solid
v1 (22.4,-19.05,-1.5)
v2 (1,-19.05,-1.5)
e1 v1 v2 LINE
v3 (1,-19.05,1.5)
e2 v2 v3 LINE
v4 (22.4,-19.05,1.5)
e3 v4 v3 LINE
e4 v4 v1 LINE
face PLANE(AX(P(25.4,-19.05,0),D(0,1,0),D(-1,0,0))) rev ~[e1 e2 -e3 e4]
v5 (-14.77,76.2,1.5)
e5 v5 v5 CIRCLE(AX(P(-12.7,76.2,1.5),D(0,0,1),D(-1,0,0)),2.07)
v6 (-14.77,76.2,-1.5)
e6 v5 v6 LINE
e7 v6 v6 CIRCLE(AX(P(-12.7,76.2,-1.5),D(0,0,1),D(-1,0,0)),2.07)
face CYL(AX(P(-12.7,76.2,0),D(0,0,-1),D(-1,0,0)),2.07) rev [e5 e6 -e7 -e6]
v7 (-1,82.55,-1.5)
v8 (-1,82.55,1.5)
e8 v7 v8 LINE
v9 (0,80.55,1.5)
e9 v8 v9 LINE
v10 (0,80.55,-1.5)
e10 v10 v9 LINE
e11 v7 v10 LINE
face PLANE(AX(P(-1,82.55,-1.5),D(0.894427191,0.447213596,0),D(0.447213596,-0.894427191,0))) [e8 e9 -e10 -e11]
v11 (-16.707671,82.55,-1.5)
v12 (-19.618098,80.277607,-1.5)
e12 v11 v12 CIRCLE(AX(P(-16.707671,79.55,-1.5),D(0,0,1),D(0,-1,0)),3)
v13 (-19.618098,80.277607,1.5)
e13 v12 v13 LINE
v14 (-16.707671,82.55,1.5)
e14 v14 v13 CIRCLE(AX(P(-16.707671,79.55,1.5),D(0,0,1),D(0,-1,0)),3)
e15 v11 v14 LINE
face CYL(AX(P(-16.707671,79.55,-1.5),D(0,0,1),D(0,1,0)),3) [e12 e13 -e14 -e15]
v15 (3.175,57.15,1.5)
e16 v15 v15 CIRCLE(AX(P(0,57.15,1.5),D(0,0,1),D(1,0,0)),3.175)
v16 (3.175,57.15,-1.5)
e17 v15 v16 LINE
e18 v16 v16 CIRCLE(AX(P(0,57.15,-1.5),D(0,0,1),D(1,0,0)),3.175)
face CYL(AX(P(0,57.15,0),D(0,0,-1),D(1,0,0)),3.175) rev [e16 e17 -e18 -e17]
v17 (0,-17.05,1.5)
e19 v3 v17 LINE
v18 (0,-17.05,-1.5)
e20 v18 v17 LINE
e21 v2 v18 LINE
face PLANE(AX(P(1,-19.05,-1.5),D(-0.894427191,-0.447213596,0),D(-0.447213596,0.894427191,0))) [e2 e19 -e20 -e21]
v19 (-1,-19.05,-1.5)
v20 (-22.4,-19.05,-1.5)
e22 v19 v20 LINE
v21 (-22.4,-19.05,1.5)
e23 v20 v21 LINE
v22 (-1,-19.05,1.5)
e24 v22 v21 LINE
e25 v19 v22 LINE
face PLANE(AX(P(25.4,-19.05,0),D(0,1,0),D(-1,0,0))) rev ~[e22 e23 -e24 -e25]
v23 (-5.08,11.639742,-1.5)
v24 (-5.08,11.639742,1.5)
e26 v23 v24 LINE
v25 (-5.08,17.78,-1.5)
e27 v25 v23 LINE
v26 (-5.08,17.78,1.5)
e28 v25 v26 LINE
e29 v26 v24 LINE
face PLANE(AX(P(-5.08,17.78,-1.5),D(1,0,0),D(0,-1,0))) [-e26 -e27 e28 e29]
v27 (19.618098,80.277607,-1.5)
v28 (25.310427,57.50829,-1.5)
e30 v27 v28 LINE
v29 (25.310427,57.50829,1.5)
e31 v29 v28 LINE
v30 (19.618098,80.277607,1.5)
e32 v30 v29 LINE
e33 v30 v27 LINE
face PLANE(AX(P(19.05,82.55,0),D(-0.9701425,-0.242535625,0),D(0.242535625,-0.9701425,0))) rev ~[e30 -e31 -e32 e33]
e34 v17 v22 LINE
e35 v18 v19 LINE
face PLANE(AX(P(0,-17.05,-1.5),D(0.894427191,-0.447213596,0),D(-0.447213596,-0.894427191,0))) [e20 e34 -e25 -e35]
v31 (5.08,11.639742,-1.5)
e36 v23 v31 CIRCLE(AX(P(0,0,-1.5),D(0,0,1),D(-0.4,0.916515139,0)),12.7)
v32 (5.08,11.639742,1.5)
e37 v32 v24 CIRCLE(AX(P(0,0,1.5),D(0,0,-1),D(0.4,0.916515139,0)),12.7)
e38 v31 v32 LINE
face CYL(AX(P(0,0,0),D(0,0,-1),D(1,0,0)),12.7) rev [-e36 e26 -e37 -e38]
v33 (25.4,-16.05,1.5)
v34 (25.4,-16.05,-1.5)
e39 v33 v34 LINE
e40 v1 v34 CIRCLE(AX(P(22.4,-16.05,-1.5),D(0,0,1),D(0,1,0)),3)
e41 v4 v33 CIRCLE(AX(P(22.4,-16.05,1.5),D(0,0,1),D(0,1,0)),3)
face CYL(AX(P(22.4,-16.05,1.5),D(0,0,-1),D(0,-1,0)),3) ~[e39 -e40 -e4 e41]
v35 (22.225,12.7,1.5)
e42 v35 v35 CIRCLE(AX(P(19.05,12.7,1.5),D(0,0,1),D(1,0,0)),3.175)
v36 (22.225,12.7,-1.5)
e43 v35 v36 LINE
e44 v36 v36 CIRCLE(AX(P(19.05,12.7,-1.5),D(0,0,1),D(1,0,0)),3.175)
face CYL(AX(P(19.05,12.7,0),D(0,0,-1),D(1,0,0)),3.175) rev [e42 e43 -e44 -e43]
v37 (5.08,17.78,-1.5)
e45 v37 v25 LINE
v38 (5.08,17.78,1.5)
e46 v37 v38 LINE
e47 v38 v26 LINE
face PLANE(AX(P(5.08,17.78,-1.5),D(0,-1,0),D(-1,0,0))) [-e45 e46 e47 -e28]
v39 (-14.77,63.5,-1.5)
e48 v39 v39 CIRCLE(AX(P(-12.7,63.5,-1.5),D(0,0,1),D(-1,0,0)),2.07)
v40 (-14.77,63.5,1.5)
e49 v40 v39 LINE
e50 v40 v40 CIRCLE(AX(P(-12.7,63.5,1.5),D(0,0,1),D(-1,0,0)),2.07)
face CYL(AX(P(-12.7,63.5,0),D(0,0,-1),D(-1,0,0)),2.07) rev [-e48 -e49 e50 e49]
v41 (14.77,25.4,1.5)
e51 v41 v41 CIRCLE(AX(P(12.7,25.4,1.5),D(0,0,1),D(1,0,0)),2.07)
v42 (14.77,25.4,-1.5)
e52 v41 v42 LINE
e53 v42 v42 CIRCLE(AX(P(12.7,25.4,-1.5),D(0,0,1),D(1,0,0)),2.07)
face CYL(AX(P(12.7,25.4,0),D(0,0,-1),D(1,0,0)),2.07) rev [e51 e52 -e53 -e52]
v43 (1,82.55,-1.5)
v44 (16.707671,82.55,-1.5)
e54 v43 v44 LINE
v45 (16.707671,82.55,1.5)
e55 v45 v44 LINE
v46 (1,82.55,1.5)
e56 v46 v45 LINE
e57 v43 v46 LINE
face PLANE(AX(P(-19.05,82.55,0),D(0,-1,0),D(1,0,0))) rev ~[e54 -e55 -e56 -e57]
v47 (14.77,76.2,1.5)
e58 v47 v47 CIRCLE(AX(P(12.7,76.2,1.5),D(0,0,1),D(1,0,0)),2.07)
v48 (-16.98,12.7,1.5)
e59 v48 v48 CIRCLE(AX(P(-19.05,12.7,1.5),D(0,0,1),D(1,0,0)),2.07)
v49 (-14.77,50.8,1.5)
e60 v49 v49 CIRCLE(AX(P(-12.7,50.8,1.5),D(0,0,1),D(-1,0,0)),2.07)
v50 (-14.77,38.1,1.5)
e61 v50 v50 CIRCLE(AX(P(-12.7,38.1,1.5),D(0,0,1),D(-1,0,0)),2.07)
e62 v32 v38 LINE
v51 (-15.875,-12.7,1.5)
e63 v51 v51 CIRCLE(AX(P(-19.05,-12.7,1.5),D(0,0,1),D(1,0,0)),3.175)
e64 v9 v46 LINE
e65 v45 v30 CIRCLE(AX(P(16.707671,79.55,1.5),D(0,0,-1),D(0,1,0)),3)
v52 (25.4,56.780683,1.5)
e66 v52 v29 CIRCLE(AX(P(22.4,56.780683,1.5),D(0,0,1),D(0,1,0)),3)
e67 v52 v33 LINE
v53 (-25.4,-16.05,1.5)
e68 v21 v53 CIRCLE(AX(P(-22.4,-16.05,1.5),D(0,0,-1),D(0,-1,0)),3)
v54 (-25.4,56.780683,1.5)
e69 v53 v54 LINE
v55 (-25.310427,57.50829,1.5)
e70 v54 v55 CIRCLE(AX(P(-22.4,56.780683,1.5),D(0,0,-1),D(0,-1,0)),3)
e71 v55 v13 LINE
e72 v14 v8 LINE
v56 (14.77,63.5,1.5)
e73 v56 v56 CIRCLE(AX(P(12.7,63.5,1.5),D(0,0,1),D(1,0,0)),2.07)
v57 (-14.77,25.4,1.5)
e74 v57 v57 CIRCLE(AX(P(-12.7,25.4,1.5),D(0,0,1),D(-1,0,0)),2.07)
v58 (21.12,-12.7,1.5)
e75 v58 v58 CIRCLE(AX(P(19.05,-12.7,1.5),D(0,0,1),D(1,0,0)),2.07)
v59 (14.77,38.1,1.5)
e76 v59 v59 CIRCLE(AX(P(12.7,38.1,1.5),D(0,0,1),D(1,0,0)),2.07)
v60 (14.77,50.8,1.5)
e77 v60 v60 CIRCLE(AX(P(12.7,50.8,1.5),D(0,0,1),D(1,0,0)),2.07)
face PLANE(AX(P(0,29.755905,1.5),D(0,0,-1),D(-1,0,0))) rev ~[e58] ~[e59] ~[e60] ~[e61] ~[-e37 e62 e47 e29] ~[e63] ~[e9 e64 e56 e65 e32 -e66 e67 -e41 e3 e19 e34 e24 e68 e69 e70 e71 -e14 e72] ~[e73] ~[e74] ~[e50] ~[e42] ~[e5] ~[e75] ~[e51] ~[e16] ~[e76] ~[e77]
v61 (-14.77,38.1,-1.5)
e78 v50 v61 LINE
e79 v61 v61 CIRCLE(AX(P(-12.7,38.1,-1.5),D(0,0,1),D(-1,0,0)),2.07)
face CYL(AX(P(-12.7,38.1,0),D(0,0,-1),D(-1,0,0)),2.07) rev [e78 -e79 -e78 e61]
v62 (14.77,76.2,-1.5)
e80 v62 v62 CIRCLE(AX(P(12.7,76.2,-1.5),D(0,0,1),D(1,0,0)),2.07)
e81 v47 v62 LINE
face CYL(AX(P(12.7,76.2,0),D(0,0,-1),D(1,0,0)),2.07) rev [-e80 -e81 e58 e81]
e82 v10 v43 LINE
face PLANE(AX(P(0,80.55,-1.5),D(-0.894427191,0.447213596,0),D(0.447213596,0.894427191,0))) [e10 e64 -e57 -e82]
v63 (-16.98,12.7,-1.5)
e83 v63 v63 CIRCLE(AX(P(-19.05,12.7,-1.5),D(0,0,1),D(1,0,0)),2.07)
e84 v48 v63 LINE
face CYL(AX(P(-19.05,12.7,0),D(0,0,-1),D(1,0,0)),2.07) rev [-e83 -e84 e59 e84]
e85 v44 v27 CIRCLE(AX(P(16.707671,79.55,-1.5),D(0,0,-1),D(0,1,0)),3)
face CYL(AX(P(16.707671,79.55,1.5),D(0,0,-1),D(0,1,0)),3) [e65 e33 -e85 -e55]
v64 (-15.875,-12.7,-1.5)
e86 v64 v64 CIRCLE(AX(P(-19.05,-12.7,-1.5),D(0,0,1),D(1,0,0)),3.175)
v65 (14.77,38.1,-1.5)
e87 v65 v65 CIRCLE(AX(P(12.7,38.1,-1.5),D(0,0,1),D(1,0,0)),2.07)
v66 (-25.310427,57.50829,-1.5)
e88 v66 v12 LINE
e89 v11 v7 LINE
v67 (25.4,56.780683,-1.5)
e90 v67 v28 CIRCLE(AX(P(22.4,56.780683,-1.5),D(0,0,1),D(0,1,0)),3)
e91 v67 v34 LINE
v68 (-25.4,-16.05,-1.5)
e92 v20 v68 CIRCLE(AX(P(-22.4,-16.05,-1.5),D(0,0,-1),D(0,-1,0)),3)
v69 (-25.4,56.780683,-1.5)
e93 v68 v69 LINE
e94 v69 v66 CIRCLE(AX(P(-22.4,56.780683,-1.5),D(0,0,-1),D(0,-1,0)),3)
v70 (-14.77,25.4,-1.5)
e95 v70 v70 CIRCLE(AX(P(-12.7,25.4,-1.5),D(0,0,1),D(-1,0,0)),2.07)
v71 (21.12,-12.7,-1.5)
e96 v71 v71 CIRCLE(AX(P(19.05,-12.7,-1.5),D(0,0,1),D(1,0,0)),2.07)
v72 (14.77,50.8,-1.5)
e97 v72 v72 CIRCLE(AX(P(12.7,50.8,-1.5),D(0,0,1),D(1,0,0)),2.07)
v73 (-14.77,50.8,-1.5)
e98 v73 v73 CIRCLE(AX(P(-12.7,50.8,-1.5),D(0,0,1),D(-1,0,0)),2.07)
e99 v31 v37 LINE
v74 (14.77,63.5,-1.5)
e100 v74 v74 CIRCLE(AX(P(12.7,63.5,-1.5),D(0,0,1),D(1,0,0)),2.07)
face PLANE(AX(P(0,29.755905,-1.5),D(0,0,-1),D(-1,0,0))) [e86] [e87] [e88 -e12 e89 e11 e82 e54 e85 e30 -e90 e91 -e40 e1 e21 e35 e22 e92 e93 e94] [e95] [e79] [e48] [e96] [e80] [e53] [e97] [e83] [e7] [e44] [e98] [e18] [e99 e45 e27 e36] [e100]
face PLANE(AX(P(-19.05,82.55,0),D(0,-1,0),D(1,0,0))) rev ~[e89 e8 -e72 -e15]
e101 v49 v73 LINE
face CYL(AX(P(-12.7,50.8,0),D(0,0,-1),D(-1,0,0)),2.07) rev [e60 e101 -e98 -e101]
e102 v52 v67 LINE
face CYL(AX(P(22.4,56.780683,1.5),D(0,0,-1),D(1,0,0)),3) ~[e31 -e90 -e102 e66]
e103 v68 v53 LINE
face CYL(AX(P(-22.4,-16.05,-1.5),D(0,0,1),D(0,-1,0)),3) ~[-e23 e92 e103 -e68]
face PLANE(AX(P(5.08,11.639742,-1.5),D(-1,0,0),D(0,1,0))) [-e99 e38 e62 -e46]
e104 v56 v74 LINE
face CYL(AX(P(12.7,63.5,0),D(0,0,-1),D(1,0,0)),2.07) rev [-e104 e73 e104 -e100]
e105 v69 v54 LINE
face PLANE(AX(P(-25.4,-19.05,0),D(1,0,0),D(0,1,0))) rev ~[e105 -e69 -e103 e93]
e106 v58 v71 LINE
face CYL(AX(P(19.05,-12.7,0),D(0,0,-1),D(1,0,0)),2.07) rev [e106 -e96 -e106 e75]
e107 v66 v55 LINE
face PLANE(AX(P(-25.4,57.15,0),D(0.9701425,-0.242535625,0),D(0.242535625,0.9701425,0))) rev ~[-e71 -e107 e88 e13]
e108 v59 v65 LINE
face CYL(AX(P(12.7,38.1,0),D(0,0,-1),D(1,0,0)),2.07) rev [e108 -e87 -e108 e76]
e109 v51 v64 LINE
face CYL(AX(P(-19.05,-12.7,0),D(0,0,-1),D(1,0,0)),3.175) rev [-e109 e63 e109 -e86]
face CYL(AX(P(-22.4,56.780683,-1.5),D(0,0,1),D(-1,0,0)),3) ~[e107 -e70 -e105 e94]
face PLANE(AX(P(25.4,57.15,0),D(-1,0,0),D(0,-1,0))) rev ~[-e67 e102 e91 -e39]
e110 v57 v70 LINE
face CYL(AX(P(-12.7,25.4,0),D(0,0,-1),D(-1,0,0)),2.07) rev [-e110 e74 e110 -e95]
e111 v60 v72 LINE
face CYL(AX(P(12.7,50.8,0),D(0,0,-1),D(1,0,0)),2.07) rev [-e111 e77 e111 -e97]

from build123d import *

# Parameters (mm, degrees)
SKETCH1_R           = 12.7
SKETCH1_R_2         = 3.175
SKETCH1_R_3         = 2.07
BOSS_EXTRUDE1_DEPTH = 1.5
FILLET1_R           = 3.000000096
CUT_EXTRUDE1_START  = -3
CUT_EXTRUDE1_DEPTH  = 3


with BuildPart() as part:
    # Sketch1 → Boss-Extrude1 (new, symmetric)
    with BuildSketch(Plane.XY):
        Polygon((-19.05, 82.55), (19.05, 82.55), (25.4, 57.15), (25.4, -19.05), (-25.4, -19.05), (-25.4, 57.15), align=None)
        Circle(SKETCH1_R, mode=Mode.SUBTRACT)
        with Locations((-19.05, -12.7)):
            Circle(SKETCH1_R_2, mode=Mode.SUBTRACT)
        with Locations((19.05, 12.7)):
            Circle(SKETCH1_R_2, mode=Mode.SUBTRACT)
        with Locations((-19.05, 12.7)):
            Circle(SKETCH1_R_3, mode=Mode.SUBTRACT)
        with Locations((19.05, -12.7)):
            Circle(SKETCH1_R_3, mode=Mode.SUBTRACT)
        with Locations((0, 57.15)):
            Circle(SKETCH1_R_2, mode=Mode.SUBTRACT)
        with Locations((12.7, 25.4)):
            Circle(SKETCH1_R_3, mode=Mode.SUBTRACT)
        with Locations((12.7, 38.1)):
            Circle(SKETCH1_R_3, mode=Mode.SUBTRACT)
        with Locations((12.7, 50.8)):
            Circle(SKETCH1_R_3, mode=Mode.SUBTRACT)
        with Locations((12.7, 63.5)):
            Circle(SKETCH1_R_3, mode=Mode.SUBTRACT)
        with Locations((12.7, 76.2)):
            Circle(SKETCH1_R_3, mode=Mode.SUBTRACT)
        with Locations(Location((-12.7, 25.4, 0), (0, 0, 180))):
            Circle(SKETCH1_R_3, mode=Mode.SUBTRACT)
        with Locations(Location((-12.7, 38.1, 0), (0, 0, 180))):
            Circle(SKETCH1_R_3, mode=Mode.SUBTRACT)
        with Locations(Location((-12.7, 50.8, 0), (0, 0, 180))):
            Circle(SKETCH1_R_3, mode=Mode.SUBTRACT)
        with Locations(Location((-12.7, 63.5, 0), (0, 0, 180))):
            Circle(SKETCH1_R_3, mode=Mode.SUBTRACT)
        with Locations(Location((-12.7, 76.2, 0), (0, 0, 180))):
            Circle(SKETCH1_R_3, mode=Mode.SUBTRACT)
    extrude(amount=BOSS_EXTRUDE1_DEPTH, both=True)

    # Fillet1
    fillet1_edges = [part.edges().sort_by_distance(p)[0] for p in [
        (-19.05, 82.55, 0),
        (19.05, 82.55, 0),
        (25.4, 57.15, 0),
        (25.4, -19.05, 0),
        (-25.4, -19.05, 0),
        (-25.4, 57.15, 0),
    ]]
    fillet(fillet1_edges, radius=FILLET1_R)

    # Sketch2 → Cut-Extrude1 (cut)
    with BuildSketch(Plane.XY.offset(1.5).offset(CUT_EXTRUDE1_START)):
        with BuildLine():
            Line((5.08, 17.78), (-5.08, 17.78))
            Line((-5.08, 17.78), (-5.08, 11.639742265))
            ThreePointArc((-5.08, 11.639742265), (0, 12.7), (5.08, 11.639742265))
            Line((5.08, 11.639742265), (5.08, 17.78))
        make_face()
        Polygon((0, -17.05), (-1, -19.05), (1, -19.05), align=None)
        Polygon((1, 82.55), (-1, 82.55), (0, 80.55), align=None)
    extrude(amount=CUT_EXTRUDE1_DEPTH, mode=Mode.SUBTRACT)


solid = part.part
